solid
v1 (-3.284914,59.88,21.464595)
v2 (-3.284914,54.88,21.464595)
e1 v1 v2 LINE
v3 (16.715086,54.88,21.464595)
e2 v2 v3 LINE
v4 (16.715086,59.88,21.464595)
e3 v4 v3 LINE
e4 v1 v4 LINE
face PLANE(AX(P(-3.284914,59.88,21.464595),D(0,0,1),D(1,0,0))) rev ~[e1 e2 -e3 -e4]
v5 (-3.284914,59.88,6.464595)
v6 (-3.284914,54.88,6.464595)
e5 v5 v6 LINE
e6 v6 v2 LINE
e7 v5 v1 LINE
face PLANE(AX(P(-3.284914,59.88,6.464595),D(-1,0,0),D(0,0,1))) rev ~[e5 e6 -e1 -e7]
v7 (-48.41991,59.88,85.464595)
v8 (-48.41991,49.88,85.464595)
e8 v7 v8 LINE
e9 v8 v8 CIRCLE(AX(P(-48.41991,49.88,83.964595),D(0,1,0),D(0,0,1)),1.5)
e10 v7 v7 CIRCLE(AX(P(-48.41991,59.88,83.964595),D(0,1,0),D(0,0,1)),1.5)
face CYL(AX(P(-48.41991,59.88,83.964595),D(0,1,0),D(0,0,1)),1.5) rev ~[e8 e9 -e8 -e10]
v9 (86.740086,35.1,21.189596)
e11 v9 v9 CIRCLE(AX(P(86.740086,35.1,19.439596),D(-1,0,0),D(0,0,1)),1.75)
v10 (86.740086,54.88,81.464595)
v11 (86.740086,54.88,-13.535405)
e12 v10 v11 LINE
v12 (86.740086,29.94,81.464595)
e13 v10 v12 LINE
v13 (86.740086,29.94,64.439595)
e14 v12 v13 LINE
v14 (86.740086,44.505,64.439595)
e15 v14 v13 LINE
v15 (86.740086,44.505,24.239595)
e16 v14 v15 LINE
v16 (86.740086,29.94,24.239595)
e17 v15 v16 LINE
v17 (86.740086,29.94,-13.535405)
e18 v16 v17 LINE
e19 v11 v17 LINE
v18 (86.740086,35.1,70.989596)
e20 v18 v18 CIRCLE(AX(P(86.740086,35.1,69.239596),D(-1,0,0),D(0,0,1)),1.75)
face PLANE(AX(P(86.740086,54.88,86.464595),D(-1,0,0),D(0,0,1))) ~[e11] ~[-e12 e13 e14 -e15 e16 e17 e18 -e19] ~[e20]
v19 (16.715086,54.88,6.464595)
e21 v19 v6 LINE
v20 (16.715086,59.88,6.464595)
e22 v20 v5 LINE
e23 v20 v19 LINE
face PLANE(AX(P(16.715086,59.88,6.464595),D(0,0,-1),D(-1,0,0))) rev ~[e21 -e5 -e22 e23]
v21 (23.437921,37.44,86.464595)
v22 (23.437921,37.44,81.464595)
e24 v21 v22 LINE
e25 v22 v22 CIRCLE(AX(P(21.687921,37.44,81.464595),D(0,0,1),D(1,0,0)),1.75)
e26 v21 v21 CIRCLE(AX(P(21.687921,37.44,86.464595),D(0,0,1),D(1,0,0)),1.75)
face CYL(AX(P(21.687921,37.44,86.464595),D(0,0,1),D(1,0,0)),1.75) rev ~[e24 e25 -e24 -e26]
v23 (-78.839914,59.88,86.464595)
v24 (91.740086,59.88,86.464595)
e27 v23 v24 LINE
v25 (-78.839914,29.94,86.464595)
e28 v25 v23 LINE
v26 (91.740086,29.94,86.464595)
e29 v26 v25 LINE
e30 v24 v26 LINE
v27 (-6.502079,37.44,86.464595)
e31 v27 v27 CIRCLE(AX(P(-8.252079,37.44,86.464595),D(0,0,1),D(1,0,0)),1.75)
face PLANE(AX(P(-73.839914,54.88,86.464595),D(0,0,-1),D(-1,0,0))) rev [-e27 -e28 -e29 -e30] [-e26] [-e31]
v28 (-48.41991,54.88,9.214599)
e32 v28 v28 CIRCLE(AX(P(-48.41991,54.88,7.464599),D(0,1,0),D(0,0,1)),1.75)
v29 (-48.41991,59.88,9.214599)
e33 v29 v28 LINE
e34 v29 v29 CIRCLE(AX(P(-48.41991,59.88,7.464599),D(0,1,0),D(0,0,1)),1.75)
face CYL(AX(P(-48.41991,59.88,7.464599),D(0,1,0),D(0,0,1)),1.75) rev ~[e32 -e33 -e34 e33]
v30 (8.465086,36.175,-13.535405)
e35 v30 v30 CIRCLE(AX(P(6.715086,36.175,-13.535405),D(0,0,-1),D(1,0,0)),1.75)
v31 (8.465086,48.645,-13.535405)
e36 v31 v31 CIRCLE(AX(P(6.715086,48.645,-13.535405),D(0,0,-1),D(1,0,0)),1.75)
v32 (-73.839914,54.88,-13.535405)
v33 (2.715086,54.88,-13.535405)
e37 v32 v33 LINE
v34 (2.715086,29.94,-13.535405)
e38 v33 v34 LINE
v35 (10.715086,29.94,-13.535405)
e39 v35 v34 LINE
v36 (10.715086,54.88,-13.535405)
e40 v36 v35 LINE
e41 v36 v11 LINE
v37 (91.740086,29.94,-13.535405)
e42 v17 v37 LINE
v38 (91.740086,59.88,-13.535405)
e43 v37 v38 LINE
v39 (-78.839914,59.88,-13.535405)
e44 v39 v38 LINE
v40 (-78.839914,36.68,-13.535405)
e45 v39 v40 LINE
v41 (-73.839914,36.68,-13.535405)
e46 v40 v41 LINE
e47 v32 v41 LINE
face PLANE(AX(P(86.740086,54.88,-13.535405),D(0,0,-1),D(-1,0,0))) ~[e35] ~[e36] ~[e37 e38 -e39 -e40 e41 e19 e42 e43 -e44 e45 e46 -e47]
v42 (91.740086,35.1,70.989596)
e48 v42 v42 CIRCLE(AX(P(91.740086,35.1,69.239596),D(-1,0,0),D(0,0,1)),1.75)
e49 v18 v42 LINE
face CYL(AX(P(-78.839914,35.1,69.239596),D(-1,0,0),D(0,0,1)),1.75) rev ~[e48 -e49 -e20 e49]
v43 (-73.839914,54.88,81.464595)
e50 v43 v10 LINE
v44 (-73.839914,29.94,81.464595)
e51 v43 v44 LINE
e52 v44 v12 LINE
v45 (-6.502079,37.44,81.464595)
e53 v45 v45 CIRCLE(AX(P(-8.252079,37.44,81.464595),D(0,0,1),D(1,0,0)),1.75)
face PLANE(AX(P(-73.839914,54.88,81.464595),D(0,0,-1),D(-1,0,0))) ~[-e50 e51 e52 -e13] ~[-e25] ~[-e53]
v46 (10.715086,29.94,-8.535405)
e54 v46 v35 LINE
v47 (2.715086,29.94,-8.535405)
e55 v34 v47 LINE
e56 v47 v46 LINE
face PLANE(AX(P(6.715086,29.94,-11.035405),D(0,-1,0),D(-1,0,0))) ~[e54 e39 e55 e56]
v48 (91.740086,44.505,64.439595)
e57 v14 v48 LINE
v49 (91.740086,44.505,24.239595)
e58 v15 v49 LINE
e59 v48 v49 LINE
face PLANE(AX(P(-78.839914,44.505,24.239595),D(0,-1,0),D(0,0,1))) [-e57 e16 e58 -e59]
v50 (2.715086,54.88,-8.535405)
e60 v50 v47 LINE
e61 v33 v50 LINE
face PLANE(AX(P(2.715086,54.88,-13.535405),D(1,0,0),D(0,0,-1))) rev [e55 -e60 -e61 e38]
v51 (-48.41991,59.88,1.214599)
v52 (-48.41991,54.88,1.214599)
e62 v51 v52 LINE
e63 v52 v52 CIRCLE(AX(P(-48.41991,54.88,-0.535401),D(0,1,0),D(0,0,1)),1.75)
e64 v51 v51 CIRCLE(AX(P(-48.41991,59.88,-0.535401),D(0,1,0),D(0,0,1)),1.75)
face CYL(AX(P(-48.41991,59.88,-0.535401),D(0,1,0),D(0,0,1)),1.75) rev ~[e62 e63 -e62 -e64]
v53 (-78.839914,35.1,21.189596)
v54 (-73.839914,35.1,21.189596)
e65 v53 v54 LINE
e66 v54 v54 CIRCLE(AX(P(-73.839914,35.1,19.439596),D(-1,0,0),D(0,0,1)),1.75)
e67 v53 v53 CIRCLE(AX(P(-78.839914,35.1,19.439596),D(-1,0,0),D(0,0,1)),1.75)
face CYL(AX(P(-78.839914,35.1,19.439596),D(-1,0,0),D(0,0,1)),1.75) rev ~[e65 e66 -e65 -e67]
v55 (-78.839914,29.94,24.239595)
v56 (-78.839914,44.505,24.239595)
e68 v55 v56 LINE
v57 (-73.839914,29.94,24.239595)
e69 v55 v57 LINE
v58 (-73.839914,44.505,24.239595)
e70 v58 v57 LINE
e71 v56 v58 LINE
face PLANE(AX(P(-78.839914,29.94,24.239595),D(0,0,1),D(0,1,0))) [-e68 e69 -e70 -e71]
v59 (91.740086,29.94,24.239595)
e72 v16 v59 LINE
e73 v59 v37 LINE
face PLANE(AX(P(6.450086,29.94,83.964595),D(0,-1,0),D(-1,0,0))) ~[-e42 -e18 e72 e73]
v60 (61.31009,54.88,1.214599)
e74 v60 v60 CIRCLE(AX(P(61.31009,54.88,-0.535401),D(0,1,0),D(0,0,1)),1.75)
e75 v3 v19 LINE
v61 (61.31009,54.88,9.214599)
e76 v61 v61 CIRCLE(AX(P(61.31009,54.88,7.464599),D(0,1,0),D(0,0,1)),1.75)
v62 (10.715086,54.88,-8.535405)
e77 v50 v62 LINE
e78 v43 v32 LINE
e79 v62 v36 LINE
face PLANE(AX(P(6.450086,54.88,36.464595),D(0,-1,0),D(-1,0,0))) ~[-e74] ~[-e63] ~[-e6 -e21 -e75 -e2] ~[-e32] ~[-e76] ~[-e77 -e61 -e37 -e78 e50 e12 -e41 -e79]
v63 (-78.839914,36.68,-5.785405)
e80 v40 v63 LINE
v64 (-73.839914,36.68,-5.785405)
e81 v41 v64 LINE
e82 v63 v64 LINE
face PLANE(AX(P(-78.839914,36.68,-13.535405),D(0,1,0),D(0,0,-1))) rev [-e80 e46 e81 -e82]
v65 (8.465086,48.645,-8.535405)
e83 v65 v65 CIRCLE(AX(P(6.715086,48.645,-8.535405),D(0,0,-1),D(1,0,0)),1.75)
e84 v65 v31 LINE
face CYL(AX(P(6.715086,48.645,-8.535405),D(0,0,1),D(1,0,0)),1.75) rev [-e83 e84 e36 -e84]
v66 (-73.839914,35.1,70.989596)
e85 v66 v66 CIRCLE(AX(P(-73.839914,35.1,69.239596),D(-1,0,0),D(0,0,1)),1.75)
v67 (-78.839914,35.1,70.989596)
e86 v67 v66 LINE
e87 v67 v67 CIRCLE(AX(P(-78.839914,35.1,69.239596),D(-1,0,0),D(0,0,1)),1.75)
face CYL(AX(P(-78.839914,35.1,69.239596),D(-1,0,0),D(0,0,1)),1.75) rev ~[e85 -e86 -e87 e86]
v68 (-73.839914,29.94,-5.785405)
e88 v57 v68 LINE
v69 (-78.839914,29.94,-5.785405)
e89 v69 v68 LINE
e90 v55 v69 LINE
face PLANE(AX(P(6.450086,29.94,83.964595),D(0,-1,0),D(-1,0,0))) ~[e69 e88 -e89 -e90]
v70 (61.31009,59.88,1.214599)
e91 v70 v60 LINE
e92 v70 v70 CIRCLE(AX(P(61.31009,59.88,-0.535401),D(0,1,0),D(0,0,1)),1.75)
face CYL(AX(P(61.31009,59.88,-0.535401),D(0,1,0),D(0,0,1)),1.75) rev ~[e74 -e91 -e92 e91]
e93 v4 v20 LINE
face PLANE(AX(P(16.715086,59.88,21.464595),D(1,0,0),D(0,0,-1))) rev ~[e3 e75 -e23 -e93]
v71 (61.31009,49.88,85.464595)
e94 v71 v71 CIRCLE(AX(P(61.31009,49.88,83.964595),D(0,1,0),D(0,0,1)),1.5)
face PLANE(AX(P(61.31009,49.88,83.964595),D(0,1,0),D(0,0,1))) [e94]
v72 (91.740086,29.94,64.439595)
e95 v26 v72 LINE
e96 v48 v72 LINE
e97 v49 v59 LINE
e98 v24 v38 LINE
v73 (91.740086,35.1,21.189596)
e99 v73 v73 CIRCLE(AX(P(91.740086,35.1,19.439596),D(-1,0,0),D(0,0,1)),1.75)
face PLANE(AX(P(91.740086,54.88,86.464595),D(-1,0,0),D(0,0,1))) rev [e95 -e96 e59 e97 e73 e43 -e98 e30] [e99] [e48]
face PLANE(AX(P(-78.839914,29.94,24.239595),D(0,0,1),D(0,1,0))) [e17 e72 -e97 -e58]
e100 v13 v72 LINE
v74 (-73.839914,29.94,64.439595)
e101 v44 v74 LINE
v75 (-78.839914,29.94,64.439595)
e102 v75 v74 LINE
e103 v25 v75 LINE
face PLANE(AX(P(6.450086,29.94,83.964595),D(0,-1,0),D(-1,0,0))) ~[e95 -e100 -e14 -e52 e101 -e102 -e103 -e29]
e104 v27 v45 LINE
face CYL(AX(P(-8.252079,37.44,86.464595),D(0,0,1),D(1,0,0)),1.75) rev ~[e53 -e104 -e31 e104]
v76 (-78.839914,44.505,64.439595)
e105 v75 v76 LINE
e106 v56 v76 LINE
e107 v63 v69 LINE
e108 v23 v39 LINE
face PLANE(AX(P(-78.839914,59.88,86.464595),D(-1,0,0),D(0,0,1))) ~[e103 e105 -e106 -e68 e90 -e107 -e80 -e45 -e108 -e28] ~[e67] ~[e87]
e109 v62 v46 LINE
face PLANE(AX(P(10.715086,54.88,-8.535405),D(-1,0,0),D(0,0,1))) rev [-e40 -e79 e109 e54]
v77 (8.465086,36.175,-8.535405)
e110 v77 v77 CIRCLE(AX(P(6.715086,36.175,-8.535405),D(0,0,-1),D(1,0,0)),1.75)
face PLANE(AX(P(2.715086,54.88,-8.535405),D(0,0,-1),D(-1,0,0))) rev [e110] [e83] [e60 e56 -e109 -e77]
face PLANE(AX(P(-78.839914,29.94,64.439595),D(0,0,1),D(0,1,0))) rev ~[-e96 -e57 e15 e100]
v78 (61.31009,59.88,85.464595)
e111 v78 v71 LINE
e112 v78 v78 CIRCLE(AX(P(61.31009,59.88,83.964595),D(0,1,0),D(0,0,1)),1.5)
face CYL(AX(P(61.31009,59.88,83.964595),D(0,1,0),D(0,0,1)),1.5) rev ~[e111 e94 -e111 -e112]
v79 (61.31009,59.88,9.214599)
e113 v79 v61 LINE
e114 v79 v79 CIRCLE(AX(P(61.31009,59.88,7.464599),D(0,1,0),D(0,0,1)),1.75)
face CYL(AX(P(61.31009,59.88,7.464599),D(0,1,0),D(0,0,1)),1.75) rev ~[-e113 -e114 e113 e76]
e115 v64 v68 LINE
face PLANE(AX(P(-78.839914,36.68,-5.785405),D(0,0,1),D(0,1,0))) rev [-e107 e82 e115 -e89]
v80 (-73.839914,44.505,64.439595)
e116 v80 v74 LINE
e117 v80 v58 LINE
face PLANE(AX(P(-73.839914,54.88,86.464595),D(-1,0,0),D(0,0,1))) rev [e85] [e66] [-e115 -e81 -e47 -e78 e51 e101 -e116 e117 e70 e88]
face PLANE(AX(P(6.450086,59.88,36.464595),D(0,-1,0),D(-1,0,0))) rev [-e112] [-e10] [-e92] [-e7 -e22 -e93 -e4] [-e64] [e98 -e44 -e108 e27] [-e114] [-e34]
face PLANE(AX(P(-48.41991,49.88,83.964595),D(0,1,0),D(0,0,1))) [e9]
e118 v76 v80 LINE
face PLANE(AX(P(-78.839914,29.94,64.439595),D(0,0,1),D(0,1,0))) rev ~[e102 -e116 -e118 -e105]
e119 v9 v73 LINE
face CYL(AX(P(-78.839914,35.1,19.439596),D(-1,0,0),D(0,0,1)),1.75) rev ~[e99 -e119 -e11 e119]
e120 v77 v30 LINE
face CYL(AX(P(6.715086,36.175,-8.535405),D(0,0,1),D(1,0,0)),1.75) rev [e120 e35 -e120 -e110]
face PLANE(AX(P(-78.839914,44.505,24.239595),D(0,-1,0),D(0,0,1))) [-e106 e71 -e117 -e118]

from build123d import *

# Parameters (mm, degrees)
SKETCH3_W           = 170.58
SKETCH3_H           = 100
BOSS_EXTRUDE1_DEPTH = 5
SKETCH4_W           = 5
SKETCH4_H           = 100
BOSS_EXTRUDE2_DEPTH = 24.94
SKETCH6_W           = 160.58
SKETCH6_H           = 5
BOSS_EXTRUDE3_DEPTH = 24.94
BOSS_EXTRUDE4_DEPTH = 24.94
SKETCH8_R           = 1.75
CUT_EXTRUDE1_DEPTH  = 8
SKETCH9_W           = 7.75
SKETCH9_H           = 6.74
CUT_EXTRUDE2_DEPTH  = 10
CUT_EXTRUDE3_DEPTH  = 10
SKETCH11_R          = 1.75
CUT_EXTRUDE4_DEPTH  = 10
SKETCH13_W          = 40.2
SKETCH13_H          = 14.565
CUT_EXTRUDE6_DEPTH  = 200
SKETCH14_R          = 1.75
CUT_EXTRUDE7_DEPTH  = 200
SKETCH15_R          = 1.5
CUT_EXTRUDE8_DEPTH  = 10
SKETCH16_R          = 1.75
CUT_EXTRUDE9_DEPTH  = 10


with BuildPart() as part:
    # Sketch3 → Boss-Extrude1 (new body)
    with BuildSketch(Plane(origin=(0, 0, 0), x_dir=(1, 0, 0), z_dir=(0, 1, 0))):
        with Locations((6.45008576, -36.464595487)):
            Rectangle(SKETCH3_W, SKETCH3_H)
    extrude(amount=BOSS_EXTRUDE1_DEPTH)

    # Sketch4 → Boss-Extrude2 (add)
    with BuildSketch(Plane(origin=(0, 5, 0), x_dir=(1, 0, 0), z_dir=(0, 1, 0))):
        with Locations((89.24008576, -36.464595487)):
            Rectangle(SKETCH4_W, SKETCH4_H)
        with Locations((-76.33991424, -36.464595487)):
            Rectangle(SKETCH4_W, SKETCH4_H)
    extrude(amount=BOSS_EXTRUDE2_DEPTH)

    # Sketch6 → Boss-Extrude3 (add)
    with BuildSketch(Plane(origin=(0, 5, 0), x_dir=(1, 0, 0), z_dir=(0, 1, 0))):
        with Locations((6.45008576, -83.964595487)):
            Rectangle(SKETCH6_W, SKETCH6_H)
    extrude(amount=BOSS_EXTRUDE3_DEPTH)

    # Sketch7 → Boss-Extrude4 (add)
    with BuildSketch(Plane(origin=(0, 5, 0), x_dir=(1, 0, 0), z_dir=(0, 1, 0))):
        Polygon((6.45008576, 13.535404513), (2.715085759, 13.535404513), (2.715085759, 8.535404513), (10.715085759, 8.535404513), (10.715085759, 13.535404513), align=None)
    extrude(amount=BOSS_EXTRUDE4_DEPTH)

    # Sketch8 → Cut-Extrude1 (cut)
    with BuildSketch(Plane.XY.offset(-8.535404513)):
        with Locations((6.715085759, 11.235)):
            Circle(SKETCH8_R)
        with Locations((6.715085759, 23.705)):
            Circle(SKETCH8_R)
    extrude(amount=-CUT_EXTRUDE1_DEPTH, mode=Mode.SUBTRACT)

    # Sketch9 → Cut-Extrude2 (cut)
    with BuildSketch(Plane.ZY.offset(78.83991424)):
        with Locations((-9.660404513, 26.57)):
            Rectangle(SKETCH9_W, SKETCH9_H)
    extrude(amount=-CUT_EXTRUDE2_DEPTH, mode=Mode.SUBTRACT)


with BuildPart() as body_2:
    # Mirror1: mirrored copy
    add(part.part.mirror(Plane(origin=(0, 29.94, 0), x_dir=(0, 0, 1), z_dir=(0, -1, 0))))

    # Sketch10 → Cut-Extrude3 (cut)
    with BuildSketch(Plane(origin=(0, 59.88, 0), x_dir=(1, 0, 0), z_dir=(0, 1, 0))):
        Polygon((16.71508576, -6.464595487), (6.45008576, -6.464595487), (-3.28491424, -6.464595487), (-3.28491424, -21.464595487), (16.71508576, -21.464595487), align=None)
    extrude(amount=-CUT_EXTRUDE3_DEPTH, mode=Mode.SUBTRACT)

    # Sketch11 → Cut-Extrude4 (cut)
    with BuildSketch(Plane(origin=(0, 59.88, 0), x_dir=(1, 0, 0), z_dir=(0, 1, 0))):
        with Locations(Location((-48.41990951, 0.535400876, 0), (0, 0, 270))):
            Circle(SKETCH11_R)
        with Locations(Location((-48.41990951, -7.464599124, 0), (0, 0, 270))):
            Circle(SKETCH11_R)
        with Locations(Location((61.31009049, -7.464599124, 0), (0, 0, 270))):
            Circle(SKETCH11_R)
        with Locations(Location((61.31009049, 0.535400876, 0), (0, 0, 270))):
            Circle(SKETCH11_R)
    extrude(amount=-CUT_EXTRUDE4_DEPTH, mode=Mode.SUBTRACT)

    # Sketch13 → Cut-Extrude6 (cut)
    with BuildSketch(Plane.ZY.offset(78.83991424)):
        with Locations((44.339595487, 37.2225)):
            Rectangle(SKETCH13_W, SKETCH13_H)
    extrude(amount=-CUT_EXTRUDE6_DEPTH, mode=Mode.SUBTRACT)

    # Sketch14 → Cut-Extrude7 (cut)
    with BuildSketch(Plane.ZY.offset(78.83991424)):
        with Locations((19.43959554, 35.1)):
            Circle(SKETCH14_R)
        with Locations((69.23959554, 35.1)):
            Circle(SKETCH14_R)
    extrude(amount=-CUT_EXTRUDE7_DEPTH, mode=Mode.SUBTRACT)

    # Sketch15 → Cut-Extrude8 (cut)
    with BuildSketch(Plane(origin=(0, 59.88, 0), x_dir=(1, 0, 0), z_dir=(0, 1, 0))):
        with Locations(Location((61.31009049, -83.964595487, 0), (0, 0, 270))):
            Circle(SKETCH15_R)
        with Locations(Location((-48.41990951, -83.964595487, 0), (0, 0, 270))):
            Circle(SKETCH15_R)
    extrude(amount=-CUT_EXTRUDE8_DEPTH, mode=Mode.SUBTRACT)

    # Sketch16 → Cut-Extrude9 (cut)
    with BuildSketch(Plane.XY.offset(86.464595487)):
        with Locations((21.687920531, 37.44)):
            Circle(SKETCH16_R)
        with Locations((-8.252079469, 37.44)):
            Circle(SKETCH16_R)
    extrude(amount=-CUT_EXTRUDE9_DEPTH, mode=Mode.SUBTRACT)


solid = body_2.part
